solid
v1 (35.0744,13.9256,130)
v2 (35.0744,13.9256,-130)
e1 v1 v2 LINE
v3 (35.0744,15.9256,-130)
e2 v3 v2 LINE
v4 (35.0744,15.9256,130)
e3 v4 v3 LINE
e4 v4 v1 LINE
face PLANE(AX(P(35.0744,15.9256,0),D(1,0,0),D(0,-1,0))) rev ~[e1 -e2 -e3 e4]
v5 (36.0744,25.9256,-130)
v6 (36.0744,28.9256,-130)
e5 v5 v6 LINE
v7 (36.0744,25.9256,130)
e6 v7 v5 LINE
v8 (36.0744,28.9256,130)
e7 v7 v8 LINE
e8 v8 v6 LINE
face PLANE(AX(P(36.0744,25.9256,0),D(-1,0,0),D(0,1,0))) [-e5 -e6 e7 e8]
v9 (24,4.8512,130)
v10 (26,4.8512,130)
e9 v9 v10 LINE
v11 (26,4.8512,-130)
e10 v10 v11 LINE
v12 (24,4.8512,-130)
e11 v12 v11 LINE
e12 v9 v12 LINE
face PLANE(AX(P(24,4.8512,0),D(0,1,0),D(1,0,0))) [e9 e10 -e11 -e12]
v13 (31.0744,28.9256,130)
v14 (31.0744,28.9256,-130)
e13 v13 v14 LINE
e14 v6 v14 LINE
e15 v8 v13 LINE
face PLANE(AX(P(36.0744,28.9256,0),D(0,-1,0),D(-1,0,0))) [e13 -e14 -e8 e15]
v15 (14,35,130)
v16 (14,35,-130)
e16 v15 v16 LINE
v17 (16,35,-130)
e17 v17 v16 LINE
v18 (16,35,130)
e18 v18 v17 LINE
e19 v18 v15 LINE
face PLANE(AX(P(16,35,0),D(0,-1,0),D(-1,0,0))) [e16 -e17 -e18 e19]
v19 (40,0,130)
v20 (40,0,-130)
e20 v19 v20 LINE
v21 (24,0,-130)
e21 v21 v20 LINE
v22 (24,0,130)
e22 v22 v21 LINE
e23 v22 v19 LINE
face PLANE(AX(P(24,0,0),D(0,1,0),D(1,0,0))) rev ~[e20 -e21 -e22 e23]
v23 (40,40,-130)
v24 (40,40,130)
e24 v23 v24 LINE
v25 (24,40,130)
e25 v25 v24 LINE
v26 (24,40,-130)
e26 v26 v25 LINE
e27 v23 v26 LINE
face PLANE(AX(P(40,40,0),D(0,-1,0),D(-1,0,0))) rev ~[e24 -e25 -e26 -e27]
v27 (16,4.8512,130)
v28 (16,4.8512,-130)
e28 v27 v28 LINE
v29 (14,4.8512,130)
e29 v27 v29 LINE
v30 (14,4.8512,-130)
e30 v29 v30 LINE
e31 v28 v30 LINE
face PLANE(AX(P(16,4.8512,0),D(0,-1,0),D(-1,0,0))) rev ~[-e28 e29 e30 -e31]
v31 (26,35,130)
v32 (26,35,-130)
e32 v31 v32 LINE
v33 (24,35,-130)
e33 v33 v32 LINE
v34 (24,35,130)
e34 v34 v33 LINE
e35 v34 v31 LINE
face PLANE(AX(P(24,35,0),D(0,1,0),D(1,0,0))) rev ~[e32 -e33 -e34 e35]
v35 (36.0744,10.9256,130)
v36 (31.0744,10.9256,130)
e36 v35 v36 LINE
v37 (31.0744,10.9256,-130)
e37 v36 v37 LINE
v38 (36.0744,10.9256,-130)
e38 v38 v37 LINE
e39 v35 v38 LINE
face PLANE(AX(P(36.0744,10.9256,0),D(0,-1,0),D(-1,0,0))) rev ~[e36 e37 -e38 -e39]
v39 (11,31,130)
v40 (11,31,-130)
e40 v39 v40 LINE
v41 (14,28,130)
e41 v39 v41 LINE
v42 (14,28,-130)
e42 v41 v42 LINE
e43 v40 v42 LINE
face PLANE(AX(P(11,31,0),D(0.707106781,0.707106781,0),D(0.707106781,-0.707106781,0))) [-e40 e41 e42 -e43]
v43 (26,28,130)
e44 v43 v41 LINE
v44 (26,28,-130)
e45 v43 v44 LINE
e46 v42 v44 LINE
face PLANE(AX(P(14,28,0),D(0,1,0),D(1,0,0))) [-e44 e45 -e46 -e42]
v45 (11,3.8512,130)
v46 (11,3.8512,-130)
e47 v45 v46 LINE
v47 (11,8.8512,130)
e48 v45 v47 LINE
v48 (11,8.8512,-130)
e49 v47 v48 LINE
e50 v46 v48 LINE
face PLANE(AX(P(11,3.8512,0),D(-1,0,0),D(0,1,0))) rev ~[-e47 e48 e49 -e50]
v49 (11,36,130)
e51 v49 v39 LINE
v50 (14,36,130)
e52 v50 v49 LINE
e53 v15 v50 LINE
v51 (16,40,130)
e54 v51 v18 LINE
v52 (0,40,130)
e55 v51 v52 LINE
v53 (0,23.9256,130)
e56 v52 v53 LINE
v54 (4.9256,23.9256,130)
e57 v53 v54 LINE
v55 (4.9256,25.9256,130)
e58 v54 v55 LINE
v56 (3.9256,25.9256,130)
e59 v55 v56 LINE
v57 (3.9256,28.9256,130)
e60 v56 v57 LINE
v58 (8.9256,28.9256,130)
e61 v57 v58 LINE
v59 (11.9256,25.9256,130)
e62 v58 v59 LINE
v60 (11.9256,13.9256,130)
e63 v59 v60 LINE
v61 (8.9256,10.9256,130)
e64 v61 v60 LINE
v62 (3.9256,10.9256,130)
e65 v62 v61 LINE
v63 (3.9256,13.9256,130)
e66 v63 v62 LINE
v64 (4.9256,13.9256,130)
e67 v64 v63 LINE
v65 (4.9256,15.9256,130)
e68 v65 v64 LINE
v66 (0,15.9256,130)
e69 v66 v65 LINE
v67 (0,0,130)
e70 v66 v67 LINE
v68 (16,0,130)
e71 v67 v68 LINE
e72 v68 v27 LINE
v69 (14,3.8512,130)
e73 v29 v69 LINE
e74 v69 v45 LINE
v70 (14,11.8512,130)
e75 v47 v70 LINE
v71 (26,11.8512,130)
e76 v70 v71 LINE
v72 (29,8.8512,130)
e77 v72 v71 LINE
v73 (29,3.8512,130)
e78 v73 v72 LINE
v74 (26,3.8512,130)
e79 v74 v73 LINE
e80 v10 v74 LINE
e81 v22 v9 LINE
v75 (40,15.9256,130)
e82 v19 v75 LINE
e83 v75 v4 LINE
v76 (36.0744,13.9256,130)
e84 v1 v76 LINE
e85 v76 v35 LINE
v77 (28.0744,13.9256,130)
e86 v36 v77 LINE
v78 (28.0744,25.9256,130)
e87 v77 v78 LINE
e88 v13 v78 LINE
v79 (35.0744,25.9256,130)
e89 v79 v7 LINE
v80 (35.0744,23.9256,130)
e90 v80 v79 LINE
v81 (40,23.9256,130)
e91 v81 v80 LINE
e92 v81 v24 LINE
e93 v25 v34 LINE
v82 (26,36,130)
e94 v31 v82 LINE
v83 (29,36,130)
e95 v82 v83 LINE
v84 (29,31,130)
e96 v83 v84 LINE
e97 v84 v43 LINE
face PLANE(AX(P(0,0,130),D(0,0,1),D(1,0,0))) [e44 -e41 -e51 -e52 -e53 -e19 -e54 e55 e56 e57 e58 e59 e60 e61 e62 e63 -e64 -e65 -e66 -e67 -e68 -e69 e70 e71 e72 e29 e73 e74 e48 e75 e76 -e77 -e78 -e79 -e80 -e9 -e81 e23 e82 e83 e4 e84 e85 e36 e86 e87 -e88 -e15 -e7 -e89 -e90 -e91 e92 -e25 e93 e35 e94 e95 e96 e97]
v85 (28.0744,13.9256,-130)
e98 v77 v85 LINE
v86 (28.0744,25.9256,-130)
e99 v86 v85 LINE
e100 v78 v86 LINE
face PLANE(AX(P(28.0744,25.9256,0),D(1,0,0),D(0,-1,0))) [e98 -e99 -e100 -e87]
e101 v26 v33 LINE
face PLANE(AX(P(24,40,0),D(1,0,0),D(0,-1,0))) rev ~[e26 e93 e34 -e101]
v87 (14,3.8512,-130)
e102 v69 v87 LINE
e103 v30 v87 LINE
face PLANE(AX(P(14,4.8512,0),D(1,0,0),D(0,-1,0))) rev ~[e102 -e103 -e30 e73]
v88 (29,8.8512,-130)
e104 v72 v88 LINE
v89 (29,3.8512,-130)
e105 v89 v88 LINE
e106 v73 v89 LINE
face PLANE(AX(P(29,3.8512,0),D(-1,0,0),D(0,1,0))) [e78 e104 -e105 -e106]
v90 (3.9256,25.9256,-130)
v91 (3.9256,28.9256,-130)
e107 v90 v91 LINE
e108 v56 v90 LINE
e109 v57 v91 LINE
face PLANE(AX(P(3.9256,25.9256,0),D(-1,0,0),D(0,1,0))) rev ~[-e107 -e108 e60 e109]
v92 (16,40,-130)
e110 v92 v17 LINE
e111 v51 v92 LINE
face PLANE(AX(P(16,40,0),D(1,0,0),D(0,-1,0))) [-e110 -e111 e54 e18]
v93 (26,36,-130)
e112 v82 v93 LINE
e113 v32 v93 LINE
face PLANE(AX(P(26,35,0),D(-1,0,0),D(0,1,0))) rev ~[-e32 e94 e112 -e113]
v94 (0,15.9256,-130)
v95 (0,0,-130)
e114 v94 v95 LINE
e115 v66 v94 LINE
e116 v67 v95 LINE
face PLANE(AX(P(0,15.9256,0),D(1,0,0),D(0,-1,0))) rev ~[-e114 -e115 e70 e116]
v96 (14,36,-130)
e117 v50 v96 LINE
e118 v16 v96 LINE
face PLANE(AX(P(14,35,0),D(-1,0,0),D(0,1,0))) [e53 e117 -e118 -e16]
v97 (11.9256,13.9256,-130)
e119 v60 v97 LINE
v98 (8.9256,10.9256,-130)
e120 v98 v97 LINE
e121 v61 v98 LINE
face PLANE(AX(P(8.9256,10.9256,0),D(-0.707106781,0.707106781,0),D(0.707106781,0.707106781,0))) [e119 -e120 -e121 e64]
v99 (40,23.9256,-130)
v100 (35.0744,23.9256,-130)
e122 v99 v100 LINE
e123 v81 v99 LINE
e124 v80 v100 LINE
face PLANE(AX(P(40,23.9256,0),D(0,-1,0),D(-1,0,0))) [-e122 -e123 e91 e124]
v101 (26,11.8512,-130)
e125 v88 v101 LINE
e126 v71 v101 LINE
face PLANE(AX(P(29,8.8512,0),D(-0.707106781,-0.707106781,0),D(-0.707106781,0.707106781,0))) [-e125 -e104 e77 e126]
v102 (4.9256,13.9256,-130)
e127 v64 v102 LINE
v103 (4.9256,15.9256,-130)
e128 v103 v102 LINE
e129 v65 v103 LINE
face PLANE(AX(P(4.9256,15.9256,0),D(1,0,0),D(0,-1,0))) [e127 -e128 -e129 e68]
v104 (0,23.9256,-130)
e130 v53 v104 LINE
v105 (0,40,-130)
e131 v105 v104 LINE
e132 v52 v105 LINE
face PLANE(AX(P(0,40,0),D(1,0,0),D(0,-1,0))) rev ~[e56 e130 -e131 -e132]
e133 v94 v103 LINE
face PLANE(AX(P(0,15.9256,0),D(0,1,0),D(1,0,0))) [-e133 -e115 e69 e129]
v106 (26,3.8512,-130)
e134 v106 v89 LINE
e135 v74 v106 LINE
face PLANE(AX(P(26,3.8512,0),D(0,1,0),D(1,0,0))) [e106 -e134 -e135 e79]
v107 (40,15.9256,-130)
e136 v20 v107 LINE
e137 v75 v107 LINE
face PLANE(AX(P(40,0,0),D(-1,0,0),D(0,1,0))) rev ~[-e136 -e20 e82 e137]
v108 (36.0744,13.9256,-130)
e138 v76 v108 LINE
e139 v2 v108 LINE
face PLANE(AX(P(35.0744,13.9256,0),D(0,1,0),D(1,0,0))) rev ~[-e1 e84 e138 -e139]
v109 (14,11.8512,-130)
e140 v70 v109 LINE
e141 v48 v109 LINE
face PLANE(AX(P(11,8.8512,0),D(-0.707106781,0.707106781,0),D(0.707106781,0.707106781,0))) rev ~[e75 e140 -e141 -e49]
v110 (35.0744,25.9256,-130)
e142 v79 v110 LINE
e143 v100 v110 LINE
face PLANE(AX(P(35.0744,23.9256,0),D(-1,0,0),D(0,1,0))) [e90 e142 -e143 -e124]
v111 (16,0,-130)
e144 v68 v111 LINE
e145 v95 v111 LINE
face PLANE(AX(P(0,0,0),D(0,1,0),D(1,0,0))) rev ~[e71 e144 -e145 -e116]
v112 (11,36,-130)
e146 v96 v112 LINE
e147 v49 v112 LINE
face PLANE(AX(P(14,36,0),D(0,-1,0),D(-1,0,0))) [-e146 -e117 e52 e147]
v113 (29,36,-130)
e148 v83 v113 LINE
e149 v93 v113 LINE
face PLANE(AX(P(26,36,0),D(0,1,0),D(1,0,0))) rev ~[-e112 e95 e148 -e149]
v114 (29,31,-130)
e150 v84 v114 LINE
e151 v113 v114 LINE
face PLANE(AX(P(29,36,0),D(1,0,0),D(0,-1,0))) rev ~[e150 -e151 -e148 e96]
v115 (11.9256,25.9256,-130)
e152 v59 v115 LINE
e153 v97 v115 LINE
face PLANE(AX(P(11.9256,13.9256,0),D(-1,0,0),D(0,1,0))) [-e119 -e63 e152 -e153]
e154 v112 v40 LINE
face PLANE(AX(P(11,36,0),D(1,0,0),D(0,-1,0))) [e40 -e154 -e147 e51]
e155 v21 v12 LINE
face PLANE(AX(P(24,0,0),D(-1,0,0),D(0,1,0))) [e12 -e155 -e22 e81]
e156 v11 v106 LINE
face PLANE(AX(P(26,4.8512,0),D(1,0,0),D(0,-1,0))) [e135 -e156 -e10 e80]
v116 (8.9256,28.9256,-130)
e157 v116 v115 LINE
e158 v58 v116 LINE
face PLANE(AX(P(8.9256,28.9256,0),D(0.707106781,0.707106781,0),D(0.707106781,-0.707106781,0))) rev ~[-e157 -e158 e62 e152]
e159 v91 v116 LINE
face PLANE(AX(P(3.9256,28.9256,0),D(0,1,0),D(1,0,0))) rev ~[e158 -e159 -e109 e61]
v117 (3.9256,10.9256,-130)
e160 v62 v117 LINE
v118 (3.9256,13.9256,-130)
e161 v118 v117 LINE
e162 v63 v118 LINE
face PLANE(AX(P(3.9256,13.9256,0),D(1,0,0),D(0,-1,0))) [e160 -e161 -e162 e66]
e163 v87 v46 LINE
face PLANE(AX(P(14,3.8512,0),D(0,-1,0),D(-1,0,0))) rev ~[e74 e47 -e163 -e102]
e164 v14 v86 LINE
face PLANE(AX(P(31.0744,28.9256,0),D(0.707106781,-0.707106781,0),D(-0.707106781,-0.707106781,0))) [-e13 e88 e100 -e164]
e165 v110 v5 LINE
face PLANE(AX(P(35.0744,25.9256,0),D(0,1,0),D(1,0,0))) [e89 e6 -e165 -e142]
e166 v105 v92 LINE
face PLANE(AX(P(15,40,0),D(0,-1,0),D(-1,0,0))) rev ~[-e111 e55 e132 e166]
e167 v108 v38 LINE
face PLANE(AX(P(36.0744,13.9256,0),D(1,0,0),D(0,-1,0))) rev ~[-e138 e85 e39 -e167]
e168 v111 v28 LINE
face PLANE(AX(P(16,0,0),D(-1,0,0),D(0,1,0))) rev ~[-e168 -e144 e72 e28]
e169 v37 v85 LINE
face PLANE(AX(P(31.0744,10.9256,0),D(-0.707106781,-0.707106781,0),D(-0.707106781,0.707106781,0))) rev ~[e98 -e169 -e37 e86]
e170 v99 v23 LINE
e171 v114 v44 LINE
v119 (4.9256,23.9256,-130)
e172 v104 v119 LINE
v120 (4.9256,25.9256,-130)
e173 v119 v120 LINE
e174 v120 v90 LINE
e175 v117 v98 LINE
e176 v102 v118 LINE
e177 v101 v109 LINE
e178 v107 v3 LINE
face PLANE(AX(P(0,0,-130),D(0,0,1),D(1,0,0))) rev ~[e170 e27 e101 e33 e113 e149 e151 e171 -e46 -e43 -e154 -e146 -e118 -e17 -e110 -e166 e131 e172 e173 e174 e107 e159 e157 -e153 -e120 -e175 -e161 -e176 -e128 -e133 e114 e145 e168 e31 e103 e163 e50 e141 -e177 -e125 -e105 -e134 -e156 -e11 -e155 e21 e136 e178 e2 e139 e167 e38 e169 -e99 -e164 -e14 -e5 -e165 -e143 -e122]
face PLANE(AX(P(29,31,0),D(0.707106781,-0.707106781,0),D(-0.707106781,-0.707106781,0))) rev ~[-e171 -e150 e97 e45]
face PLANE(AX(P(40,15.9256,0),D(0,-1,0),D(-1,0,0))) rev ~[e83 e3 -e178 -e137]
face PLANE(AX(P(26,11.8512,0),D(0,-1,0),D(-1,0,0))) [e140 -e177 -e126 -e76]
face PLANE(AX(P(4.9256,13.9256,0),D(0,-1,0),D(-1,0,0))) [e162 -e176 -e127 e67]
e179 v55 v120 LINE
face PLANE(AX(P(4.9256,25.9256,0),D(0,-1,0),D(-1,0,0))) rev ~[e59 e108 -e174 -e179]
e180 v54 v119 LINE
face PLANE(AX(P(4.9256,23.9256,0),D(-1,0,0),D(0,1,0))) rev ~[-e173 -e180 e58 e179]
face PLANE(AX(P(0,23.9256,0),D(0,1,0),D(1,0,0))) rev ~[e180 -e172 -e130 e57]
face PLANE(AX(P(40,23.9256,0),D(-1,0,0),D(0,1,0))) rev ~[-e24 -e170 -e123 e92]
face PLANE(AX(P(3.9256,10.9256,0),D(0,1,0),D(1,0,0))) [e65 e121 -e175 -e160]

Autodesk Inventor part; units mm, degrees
ref_plane "YZ Plane" through (0, 0, 0) normal (1, 0, 0) x (0, 1, 0)
ref_plane "XZ Plane" through (0, 0, 0) normal (0, 1, 0) x (-1, 0, 0)
ref_plane "XY Plane" through (0, 0, 0) normal (0, 0, 1) x (1, 0, 0)
sketch "스케치1" plane through (0, 0, 0) normal (0, 0, 1) x (1, 0, 0)
  line L0 (40, 40) -> (25, 40)
  line L1 (15, 40) -> (0, 40)
  line L2 (16, 40) -> (16, 35)
  line L3 (16, 35) -> (14, 35)
  line L4 (14, 35) -> (14, 36)
  line L5 (14, 36) -> (11, 36)
  line L6 (11, 36) -> (11, 31)
  line L7 (11, 31) -> (14, 28)
  line L8 (11, 31) -> (20.81, 31) construction
  line L9 (14, 28) -> (20, 28)
  line L10 (24, 40) -> (24, 35)
  line L11 (24, 35) -> (26, 35)
  line L12 (26, 35) -> (26, 36)
  line L13 (26, 36) -> (29, 36)
  line L14 (29, 36) -> (29, 31)
  line L15 (29, 31) -> (26, 28)
  line L16 (29, 31) -> (19.19, 31) construction
  line L17 (26, 28) -> (20, 28)
  line L18 (-0.0744, 15.9256) -> (4.9256, 15.9256)
  line L19 (-0.0744, 23.9256) -> (4.9256, 23.9256)
  line L20 (4.9256, 23.9256) -> (4.9256, 25.9256)
  line L21 (11.9256, 25.9256) -> (11.9256, 19.9256)
  line L22 (8.9256, 28.9256) -> (8.9256, 19.1155) construction
  line L23 (8.9256, 28.9256) -> (11.9256, 25.9256)
  line L24 (3.9256, 28.9256) -> (8.9256, 28.9256)
  line L25 (3.9256, 25.9256) -> (3.9256, 28.9256)
  line L26 (4.9256, 25.9256) -> (3.9256, 25.9256)
  line L27 (4.9256, 15.9256) -> (4.9256, 13.9256)
  line L28 (11.9256, 13.9256) -> (11.9256, 19.9256)
  line L29 (4.9256, 13.9256) -> (3.9256, 13.9256)
  line L30 (8.9256, 10.9256) -> (11.9256, 13.9256)
  line L31 (8.9256, 10.9256) -> (8.9256, 20.7356) construction
  line L32 (3.9256, 13.9256) -> (3.9256, 10.9256)
  line L33 (3.9256, 10.9256) -> (8.9256, 10.9256)
  line L34 (24, -0.1488) -> (24, 4.8512)
  line L35 (16, -0.1488) -> (16, 4.8512)
  line L36 (16, 4.8512) -> (14, 4.8512)
  line L37 (14, 11.8512) -> (20, 11.8512)
  line L38 (11, 8.8512) -> (20.81, 8.8512) construction
  line L39 (11, 8.8512) -> (14, 11.8512)
  line L40 (11, 3.8512) -> (11, 8.8512)
  line L41 (14, 3.8512) -> (11, 3.8512)
  line L42 (14, 4.8512) -> (14, 3.8512)
  line L43 (24, 4.8512) -> (26, 4.8512)
  line L44 (26, 11.8512) -> (20, 11.8512)
  line L45 (26, 4.8512) -> (26, 3.8512)
  line L46 (29, 8.8512) -> (26, 11.8512)
  line L47 (29, 8.8512) -> (19.19, 8.8512) construction
  line L48 (26, 3.8512) -> (29, 3.8512)
  line L49 (29, 3.8512) -> (29, 8.8512)
  line L50 (40.0744, 23.9256) -> (35.0744, 23.9256)
  line L51 (40.0744, 15.9256) -> (35.0744, 15.9256)
  line L52 (35.0744, 15.9256) -> (35.0744, 13.9256)
  line L53 (28.0744, 13.9256) -> (28.0744, 19.9256)
  line L54 (31.0744, 10.9256) -> (31.0744, 20.7356) construction
  line L55 (31.0744, 10.9256) -> (28.0744, 13.9256)
  line L56 (36.0744, 10.9256) -> (31.0744, 10.9256)
  line L57 (36.0744, 13.9256) -> (36.0744, 10.9256)
  line L58 (35.0744, 13.9256) -> (36.0744, 13.9256)
  line L59 (35.0744, 23.9256) -> (35.0744, 25.9256)
  line L60 (28.0744, 25.9256) -> (28.0744, 19.9256)
  line L61 (35.0744, 25.9256) -> (36.0744, 25.9256)
  line L62 (31.0744, 28.9256) -> (28.0744, 25.9256)
  line L63 (31.0744, 28.9256) -> (31.0744, 19.1155) construction
  line L64 (36.0744, 25.9256) -> (36.0744, 28.9256)
  line L65 (36.0744, 28.9256) -> (31.0744, 28.9256)
  line L66 (11, 20) -> (11.9256, 20)
  line L67 (28.0744, 20) -> (29, 20)
  line L68 (20, 3.8512) -> (20, 4.8512)
  line L69 (20, 35) -> (20, 36)
  line L70 (15, 40) -> (16, 40)
  line L71 (24, 40) -> (25, 40)
  line L72 (0, 40) -> (0, 23.9256)
  line L73 (0, 15.9256) -> (0, 0)
  line L74 (40, 0) -> (40, 15.9256)
  line L75 (40, 23.9256) -> (40, 40)
  line L76 (0, 0) -> (16, 0)
  line L77 (24, 0) -> (40, 0)
  point P0 (25, 38)
  point P1 (20, 19.9256)
  point P2 (15, 35)
  point P3 (25, 35)
  point P4 (4.9256, 24.9256)
  point P5 (4.9256, 14.9256)
  point P6 (15, 4.8512)
  point P7 (25, 4.8512)
  point P8 (35.0744, 14.9256)
  point P9 (35.0744, 24.9256)
  dimension "d0" = 40
  dimension "d1" = 40
  dimension "d14" = 2
  dimension "d15" = 5
  dimension "d16" = 1
  dimension "d17" = 3
  dimension "d18" = 5
  dimension "d19" = 45
  dimension "d21" = 7
  dimension "d24" = 360
extrude "돌출1" add sketch "스케치1" along normal mid plane 260
properties part number "26" material "철, 회색"
